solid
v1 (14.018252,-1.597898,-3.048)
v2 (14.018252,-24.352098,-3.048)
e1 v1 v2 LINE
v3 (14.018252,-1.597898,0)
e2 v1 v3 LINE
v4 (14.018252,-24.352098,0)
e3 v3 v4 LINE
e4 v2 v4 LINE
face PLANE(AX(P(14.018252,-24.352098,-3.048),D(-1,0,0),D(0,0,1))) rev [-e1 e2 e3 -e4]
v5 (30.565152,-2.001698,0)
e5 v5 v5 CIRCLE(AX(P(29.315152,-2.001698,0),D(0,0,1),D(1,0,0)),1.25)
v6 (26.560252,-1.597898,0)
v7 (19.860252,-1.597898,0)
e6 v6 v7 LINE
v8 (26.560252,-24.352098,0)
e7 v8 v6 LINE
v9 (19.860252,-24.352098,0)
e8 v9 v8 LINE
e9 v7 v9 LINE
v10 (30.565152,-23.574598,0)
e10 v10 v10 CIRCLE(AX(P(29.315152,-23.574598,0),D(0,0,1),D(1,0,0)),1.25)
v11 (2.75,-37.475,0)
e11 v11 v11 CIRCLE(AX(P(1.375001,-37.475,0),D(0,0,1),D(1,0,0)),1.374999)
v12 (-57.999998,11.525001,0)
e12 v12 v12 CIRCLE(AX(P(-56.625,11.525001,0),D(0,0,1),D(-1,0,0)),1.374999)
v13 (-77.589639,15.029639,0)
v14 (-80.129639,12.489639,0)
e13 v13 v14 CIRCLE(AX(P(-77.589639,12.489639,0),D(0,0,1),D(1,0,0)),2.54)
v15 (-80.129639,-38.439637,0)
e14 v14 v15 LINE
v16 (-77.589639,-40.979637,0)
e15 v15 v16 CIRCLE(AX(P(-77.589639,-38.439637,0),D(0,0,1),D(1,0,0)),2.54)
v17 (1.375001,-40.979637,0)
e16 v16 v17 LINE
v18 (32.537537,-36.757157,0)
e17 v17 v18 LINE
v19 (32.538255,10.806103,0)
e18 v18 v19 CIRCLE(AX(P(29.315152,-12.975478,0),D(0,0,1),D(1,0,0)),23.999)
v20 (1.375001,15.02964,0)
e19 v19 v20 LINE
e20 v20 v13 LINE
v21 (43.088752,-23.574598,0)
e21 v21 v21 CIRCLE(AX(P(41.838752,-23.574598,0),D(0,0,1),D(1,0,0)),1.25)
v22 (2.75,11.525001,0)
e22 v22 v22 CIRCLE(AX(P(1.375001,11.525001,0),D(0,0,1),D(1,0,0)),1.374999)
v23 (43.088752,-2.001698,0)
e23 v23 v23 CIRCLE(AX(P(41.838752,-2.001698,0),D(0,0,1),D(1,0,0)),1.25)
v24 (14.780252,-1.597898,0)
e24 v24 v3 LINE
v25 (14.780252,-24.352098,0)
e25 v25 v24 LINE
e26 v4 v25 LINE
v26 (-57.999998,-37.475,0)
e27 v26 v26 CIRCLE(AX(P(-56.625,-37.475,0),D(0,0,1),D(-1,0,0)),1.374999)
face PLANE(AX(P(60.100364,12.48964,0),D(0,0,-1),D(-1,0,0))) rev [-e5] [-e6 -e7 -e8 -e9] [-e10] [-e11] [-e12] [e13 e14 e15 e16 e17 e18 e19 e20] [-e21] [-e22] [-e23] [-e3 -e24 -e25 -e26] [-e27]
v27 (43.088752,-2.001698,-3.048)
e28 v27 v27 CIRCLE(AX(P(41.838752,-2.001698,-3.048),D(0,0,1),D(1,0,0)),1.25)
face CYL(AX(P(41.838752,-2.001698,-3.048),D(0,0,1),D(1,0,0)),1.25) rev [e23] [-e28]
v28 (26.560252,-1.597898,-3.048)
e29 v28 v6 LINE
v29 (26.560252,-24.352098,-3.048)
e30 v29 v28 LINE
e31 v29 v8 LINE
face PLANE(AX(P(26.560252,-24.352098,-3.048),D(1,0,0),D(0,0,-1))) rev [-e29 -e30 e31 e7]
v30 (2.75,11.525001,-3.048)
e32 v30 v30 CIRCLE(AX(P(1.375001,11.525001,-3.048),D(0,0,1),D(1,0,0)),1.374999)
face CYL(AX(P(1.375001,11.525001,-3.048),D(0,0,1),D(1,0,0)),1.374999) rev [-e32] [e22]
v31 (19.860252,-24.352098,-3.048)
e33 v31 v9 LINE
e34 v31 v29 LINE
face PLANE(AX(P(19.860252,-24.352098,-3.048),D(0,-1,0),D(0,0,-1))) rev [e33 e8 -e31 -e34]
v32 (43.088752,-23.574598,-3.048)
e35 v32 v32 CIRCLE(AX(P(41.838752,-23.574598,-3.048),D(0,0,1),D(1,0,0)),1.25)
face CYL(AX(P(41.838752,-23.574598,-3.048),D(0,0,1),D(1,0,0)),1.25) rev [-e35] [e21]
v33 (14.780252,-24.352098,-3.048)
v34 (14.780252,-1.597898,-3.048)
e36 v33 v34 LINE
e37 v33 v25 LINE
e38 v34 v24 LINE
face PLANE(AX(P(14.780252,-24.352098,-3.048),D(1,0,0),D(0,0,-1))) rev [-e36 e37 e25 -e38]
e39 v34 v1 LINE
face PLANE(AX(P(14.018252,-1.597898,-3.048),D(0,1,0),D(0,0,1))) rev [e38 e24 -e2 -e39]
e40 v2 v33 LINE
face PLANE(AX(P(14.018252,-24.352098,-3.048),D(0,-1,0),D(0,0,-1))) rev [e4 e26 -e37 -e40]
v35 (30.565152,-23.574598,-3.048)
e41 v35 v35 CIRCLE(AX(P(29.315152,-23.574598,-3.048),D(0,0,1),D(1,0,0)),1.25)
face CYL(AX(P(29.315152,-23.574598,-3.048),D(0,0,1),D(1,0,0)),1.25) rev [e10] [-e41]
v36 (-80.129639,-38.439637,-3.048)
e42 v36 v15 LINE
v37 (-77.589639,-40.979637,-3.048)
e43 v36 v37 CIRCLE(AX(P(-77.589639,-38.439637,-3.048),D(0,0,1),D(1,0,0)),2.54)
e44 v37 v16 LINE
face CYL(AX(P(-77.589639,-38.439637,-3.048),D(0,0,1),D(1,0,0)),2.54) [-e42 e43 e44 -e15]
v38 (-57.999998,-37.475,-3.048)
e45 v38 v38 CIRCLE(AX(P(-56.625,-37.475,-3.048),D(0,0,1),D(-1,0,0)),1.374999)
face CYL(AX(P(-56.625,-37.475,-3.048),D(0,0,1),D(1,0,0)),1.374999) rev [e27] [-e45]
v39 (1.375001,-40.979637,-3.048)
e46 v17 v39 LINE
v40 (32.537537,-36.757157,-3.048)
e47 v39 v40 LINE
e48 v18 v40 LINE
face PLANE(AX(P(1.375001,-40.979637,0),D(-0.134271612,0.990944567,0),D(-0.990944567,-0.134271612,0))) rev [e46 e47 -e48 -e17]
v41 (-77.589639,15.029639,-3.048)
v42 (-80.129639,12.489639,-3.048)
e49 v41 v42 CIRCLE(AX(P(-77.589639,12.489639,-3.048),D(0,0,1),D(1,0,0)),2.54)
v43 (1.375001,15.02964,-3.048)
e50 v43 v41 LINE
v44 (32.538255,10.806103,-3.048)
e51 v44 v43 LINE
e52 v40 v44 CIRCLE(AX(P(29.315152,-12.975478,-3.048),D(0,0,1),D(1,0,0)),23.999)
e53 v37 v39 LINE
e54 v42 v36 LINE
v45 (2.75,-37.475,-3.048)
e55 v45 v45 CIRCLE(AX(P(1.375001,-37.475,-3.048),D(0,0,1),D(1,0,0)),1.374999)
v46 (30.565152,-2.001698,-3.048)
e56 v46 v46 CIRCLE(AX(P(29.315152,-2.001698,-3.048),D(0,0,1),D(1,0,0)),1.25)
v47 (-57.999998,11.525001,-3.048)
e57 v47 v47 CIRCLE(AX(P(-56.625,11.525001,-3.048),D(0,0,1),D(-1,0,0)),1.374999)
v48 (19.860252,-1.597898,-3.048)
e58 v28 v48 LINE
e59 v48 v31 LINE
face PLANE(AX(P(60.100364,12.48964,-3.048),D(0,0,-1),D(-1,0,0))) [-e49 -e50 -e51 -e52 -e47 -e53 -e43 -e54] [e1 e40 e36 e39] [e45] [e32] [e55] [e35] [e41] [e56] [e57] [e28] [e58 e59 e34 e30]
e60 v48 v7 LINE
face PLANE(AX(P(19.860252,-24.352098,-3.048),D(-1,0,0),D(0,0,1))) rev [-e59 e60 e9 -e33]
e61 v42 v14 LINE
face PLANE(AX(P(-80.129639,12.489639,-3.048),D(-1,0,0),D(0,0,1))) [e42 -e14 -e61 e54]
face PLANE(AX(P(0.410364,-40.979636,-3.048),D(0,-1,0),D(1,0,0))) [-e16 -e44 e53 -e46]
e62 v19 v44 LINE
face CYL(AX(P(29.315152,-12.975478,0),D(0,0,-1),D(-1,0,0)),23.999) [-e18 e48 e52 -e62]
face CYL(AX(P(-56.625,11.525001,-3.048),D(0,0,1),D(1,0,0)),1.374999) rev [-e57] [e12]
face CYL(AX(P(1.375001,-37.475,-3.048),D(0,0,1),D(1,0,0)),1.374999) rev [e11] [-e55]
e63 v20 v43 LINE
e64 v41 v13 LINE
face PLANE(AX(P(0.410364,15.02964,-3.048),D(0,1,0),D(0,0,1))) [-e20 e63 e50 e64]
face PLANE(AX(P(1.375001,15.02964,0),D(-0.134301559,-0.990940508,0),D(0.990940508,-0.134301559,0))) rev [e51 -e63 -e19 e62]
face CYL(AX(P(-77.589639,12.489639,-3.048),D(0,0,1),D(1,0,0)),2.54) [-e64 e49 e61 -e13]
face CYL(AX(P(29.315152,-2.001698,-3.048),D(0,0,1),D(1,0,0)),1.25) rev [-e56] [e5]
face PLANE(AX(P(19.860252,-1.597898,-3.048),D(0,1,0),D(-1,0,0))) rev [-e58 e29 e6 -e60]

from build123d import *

# Parameters (mm, degrees)
SKETCH1_R           = 1.37499852
BOSS_EXTRUDE1_DEPTH = 3.048
SKETCH2_R           = 1.25
SKETCH2_W           = 6.7
SKETCH2_H           = 22.7542
SKETCH2_W_2         = 0.762
CUT_EXTRUDE1_DEPTH  = 4.048
SKETCH3_R           = 1.37499852
BOSS_EXTRUDE2_DEPTH = 3.048
CUT_EXTRUDE3_DEPTH  = 4.048


with BuildPart() as part:
    # Sketch1 → Boss-Extrude1 (new body)
    with BuildSketch(Plane.XY):
        with BuildLine():
            Line((0.41036367, 15.02963974), (60.10036367, 15.02963974))
            ThreePointArc((60.10036367, 15.02963974), (61.896414894, 14.285690964), (62.64036367, 12.48963974))
            Line((62.64036367, 12.48963974), (62.64036367, -38.4396361))
            ThreePointArc((62.64036367, -38.4396361), (61.896414894, -40.235687324), (60.10036367, -40.9796361))
            Line((60.10036367, -40.9796361), (0.41036367, -40.9796361))
            ThreePointArc((0.41036367, -40.9796361), (-1.385687554, -40.235687324), (-2.12963633, -38.4396361))
            Line((-2.12963633, -38.4396361), (-2.12963633, 12.48963974))
            ThreePointArc((-2.12963633, 12.48963974), (-1.385687554, 14.285690964), (0.41036367, 15.02963974))
        make_face()
        with Locations((1.37500106, 11.52500108)):
            Circle(SKETCH1_R, mode=Mode.SUBTRACT)
        with Locations((59.3750019, 11.52500108)):
            Circle(SKETCH1_R, mode=Mode.SUBTRACT)
        with Locations((59.3750019, -37.47499998)):
            Circle(SKETCH1_R, mode=Mode.SUBTRACT)
        with Locations((1.37500106, -37.47499998)):
            Circle(SKETCH1_R, mode=Mode.SUBTRACT)
    extrude(amount=-BOSS_EXTRUDE1_DEPTH)

    # Sketch2 → Cut-Extrude1 (cut, through all)
    with BuildSketch(Plane.XY):
        with Locations((29.315152151, -2.00169818)):
            Circle(SKETCH2_R)
        with Locations((41.838752151, -2.00169818)):
            Circle(SKETCH2_R)
        with Locations((41.838752151, -23.57459818)):
            Circle(SKETCH2_R)
        with Locations((29.315152151, -23.57459818)):
            Circle(SKETCH2_R)
        with Locations((23.210252151, -12.97499818)):
            Rectangle(SKETCH2_W, SKETCH2_H)
        with Locations((14.399252151, -12.97499818)):
            Rectangle(SKETCH2_W_2, SKETCH2_H)
    extrude(amount=-CUT_EXTRUDE1_DEPTH, mode=Mode.SUBTRACT)

    # Sketch3 → Boss-Extrude2 (add, through all)
    with BuildSketch(Plane.XY):
        with BuildLine():
            Line((-80.129638806, 12.489638674), (-80.129638806, -38.439637166))
            ThreePointArc((-80.129638806, -38.439637166), (-79.38569003, -40.23568839), (-77.589638806, -40.979637166))
            Line((-77.589638806, -40.979637166), (2.339634914, -40.979637166))
            ThreePointArc((2.339634914, -40.979637166), (4.135686138, -40.23568839), (4.879634914, -38.439637166))
            Line((4.879634914, -38.439637166), (4.879634914, 12.489638674))
            ThreePointArc((4.879634914, 12.489638674), (4.135686138, 14.285689898), (2.339634914, 15.029638674))
            Line((2.339634914, 15.029638674), (-77.589638806, 15.029638674))
            ThreePointArc((-77.589638806, 15.029638674), (-79.38569003, 14.285689898), (-80.129638806, 12.489638674))
        make_face()
        with Locations((1.37500106, -37.47499998)):
            Circle(SKETCH3_R, mode=Mode.SUBTRACT)
        with Locations((-56.62499978, -37.47499998)):
            Circle(SKETCH3_R, mode=Mode.SUBTRACT)
        with Locations((-56.62499978, 11.52500108)):
            Circle(SKETCH3_R, mode=Mode.SUBTRACT)
        with Locations((1.37500106, 11.52500108)):
            Circle(SKETCH3_R, mode=Mode.SUBTRACT)
    extrude(amount=-BOSS_EXTRUDE2_DEPTH)

    # Sketch5 → Cut-Extrude3 (cut, through all)
    with BuildSketch(Plane(origin=(0, 0, -3.048), x_dir=(-1, 0, 0), z_dir=(0, 0, -1))):
        with BuildLine():
            Line((-1.37500106, 15.02963974), (-32.538255274, 10.806103009))
            ThreePointArc((-32.538255274, 10.806103009), (-53.314152149, -12.975840892), (-32.537536563, -36.757156908))
            Line((-32.537536563, -36.757156908), (-1.37500106, -40.979637166))
            Line((-1.37500106, -40.979637166), (-97.655992842, -40.979637166))
            Line((-97.655992842, -40.979637166), (-97.655992842, 15.02963974))
            Line((-97.655992842, 15.02963974), (-1.37500106, 15.02963974))
        make_face()
    extrude(amount=-CUT_EXTRUDE3_DEPTH, mode=Mode.SUBTRACT)


solid = part.part
